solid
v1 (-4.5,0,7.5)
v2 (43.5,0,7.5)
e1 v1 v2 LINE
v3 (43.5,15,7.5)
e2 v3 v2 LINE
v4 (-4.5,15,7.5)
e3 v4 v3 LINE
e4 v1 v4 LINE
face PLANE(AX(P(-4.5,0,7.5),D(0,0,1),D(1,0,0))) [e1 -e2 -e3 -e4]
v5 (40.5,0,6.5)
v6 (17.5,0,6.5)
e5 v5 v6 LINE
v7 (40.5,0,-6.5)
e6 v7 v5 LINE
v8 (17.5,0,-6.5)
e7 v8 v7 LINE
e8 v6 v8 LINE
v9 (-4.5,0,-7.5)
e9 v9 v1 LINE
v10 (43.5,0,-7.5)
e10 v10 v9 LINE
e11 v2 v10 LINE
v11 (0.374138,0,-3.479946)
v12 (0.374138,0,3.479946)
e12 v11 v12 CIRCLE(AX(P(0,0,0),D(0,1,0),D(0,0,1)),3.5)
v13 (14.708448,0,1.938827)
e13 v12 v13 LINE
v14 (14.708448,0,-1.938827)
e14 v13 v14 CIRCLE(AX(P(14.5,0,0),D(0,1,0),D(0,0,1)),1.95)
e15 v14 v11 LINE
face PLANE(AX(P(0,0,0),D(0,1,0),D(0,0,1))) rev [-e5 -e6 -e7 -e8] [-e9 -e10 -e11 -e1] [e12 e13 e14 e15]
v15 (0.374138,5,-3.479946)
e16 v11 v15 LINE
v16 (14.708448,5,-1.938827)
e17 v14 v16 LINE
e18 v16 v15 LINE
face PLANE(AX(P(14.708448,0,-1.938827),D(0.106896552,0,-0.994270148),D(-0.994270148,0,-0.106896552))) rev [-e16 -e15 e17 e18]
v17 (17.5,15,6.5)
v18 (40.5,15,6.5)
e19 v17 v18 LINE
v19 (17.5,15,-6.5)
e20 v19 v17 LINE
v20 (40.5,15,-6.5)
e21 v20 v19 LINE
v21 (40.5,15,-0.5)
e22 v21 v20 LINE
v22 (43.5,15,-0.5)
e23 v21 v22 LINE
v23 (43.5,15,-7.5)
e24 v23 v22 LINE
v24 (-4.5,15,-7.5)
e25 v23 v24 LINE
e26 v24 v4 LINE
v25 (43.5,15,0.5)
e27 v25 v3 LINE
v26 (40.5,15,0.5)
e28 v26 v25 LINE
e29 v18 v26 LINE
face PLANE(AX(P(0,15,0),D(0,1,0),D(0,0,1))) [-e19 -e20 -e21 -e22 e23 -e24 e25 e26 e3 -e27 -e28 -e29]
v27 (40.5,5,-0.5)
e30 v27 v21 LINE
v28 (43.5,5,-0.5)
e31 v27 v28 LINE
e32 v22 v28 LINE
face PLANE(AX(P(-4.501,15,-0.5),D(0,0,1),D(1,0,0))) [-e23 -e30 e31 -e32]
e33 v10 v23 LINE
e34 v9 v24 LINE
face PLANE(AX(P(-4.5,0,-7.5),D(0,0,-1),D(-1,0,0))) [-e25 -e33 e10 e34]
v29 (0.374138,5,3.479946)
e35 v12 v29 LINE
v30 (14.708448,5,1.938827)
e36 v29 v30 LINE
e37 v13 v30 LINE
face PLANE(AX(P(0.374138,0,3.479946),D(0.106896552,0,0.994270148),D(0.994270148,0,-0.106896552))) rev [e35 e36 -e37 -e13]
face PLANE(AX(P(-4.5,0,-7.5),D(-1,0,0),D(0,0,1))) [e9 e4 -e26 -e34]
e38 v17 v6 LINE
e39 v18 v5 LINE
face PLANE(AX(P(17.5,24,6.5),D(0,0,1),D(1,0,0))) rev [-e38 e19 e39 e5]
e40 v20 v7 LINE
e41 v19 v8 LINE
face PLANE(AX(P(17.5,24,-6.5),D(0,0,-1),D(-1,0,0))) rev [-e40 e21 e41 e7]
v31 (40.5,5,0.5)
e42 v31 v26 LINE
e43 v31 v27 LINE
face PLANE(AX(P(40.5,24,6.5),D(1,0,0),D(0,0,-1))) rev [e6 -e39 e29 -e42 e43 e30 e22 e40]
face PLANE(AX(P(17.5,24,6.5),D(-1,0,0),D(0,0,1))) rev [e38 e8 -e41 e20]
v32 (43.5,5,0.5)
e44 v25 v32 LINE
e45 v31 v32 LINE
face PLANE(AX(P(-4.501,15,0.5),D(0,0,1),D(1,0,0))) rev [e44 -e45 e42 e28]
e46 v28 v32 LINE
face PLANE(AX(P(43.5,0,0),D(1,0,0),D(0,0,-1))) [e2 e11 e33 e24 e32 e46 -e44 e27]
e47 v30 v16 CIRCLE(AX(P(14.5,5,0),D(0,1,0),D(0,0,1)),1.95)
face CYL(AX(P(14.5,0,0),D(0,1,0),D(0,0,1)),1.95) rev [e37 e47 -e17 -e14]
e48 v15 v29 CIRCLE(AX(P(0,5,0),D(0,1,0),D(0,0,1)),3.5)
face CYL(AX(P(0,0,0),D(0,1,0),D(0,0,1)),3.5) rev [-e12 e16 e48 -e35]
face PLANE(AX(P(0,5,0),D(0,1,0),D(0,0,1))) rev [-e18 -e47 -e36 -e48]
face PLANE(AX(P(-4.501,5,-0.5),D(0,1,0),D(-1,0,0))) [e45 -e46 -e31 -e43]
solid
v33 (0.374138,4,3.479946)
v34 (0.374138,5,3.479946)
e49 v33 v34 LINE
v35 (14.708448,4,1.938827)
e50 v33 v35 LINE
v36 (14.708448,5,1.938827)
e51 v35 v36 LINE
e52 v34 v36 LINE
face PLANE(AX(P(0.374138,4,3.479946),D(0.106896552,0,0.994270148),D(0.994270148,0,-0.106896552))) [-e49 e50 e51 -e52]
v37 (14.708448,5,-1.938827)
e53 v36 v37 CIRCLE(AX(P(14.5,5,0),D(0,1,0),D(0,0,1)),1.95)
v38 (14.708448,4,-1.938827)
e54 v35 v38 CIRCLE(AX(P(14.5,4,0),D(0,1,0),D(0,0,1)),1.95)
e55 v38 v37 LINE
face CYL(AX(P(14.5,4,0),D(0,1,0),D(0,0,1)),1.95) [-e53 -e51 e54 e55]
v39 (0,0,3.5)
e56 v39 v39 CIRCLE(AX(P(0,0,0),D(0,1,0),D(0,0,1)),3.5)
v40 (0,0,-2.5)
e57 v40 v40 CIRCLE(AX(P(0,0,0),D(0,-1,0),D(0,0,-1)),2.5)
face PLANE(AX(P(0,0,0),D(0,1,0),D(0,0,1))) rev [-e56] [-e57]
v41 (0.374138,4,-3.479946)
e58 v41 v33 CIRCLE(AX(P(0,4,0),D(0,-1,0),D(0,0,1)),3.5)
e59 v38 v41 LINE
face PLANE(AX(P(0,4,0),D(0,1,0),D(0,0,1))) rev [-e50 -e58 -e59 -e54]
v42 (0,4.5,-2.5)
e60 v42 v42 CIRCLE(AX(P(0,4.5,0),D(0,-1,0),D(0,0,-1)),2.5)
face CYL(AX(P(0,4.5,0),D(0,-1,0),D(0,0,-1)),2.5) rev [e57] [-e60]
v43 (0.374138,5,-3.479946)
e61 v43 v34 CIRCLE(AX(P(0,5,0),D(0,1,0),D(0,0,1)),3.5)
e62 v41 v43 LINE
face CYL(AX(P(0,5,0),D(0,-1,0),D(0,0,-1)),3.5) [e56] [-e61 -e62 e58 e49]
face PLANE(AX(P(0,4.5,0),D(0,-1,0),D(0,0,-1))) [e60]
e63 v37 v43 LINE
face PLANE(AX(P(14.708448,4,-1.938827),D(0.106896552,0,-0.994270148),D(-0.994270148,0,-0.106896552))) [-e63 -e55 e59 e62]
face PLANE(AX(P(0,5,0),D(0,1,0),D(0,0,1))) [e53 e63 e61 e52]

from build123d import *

# Parameters (mm, degrees)
SKETCH1_R               = 3.5
BOSS_EXTRUDE1_DEPTH     = 5
SKETCH2_R               = 2.5
CUT_EXTRUDE1_DEPTH      = 4.5
BOSS_EXTRUDE2_START     = -1
BOSS_EXTRUDE2_DEPTH     = 1
SKETCH4_W               = 22
SKETCH4_H               = 15
BOSS_EXTRUDE3_DEPTH     = 5
SKETCH5_W               = 22
SKETCH5_H               = 15
BOSS_EXTRUDE4_DEPTH     = 10
SKETCH7_W               = 15
SKETCH7_H               = 15
BOSS_EXTRUDE5_DEPTH     = 26
SKETCH8_W               = 23
SKETCH8_H               = 13
CUT_EXTRUDE2_DEPTH      = 24
SKETCH9_W               = 1
SKETCH9_H               = 10
CUT_EXTRUDE_THIN1_DEPTH = 3


with BuildPart() as part:
    # Sketch1 → Boss-Extrude1 (new body)
    with BuildSketch(Plane(origin=(0, 0, 0), x_dir=(1, 0, 0), z_dir=(0, 1, 0))):
        with Locations(Location((0, 0, 0), (0, 0, 270))):
            Circle(SKETCH1_R)
    extrude(amount=BOSS_EXTRUDE1_DEPTH)

    # Sketch2 → Cut-Extrude1 (cut)
    with BuildSketch(Plane.XZ):
        with Locations(Location((0, 0, 0), (0, 0, 270))):
            Circle(SKETCH2_R)
    extrude(amount=-CUT_EXTRUDE1_DEPTH, mode=Mode.SUBTRACT)

    # Sketch3 → Boss-Extrude2 (add)
    with BuildSketch(Plane(origin=(0, 5, 0), x_dir=(1, 0, 0), z_dir=(0, 1, 0)).offset(BOSS_EXTRUDE2_START)):
        with BuildLine():
            Line((0.374137931, -3.479945518), (14.708448276, -1.938826789))
            ThreePointArc((14.708448276, -1.938826789), (16.45, 0), (14.708448276, 1.938826789))
            Line((14.708448276, 1.938826789), (0.374137931, 3.479945518))
            ThreePointArc((0.374137931, 3.479945518), (3.5, 0), (0.374137931, -3.479945518))
        make_face()
    extrude(amount=BOSS_EXTRUDE2_DEPTH)


with BuildPart() as body_2:
    # Sketch4 → Boss-Extrude3 (new body)
    with BuildSketch(Plane(origin=(0, 5, 0), x_dir=(1, 0, 0), z_dir=(0, 1, 0))):
        with Locations((6.5, 0)):
            Rectangle(SKETCH4_W, SKETCH4_H)
        with BuildLine():
            Line((0.374137931, -3.479945518), (14.708448276, -1.938826789))
            ThreePointArc((14.708448276, -1.938826789), (16.45, 0), (14.708448276, 1.938826789))
            Line((14.708448276, 1.938826789), (0.374137931, 3.479945518))
            ThreePointArc((0.374137931, 3.479945518), (-3.5, 0), (0.374137931, -3.479945518))
        make_face(mode=Mode.SUBTRACT)
    extrude(amount=-BOSS_EXTRUDE3_DEPTH)

    # Sketch5 → Boss-Extrude4 (add)
    with BuildSketch(Plane(origin=(0, 5, 0), x_dir=(1, 0, 0), z_dir=(0, 1, 0))):
        with Locations((6.5, 0)):
            Rectangle(SKETCH5_W, SKETCH5_H)
    extrude(amount=BOSS_EXTRUDE4_DEPTH)

    # Sketch7 → Boss-Extrude5 (add)
    with BuildSketch(Plane(origin=(17.5, 0, 0), x_dir=(0, 0, -1), z_dir=(1, 0, 0))):
        with Locations((0, 7.5)):
            Rectangle(SKETCH7_W, SKETCH7_H)
    extrude(amount=BOSS_EXTRUDE5_DEPTH)

    # Sketch8 → Cut-Extrude2 (cut)
    with BuildSketch(Plane.XZ):
        with Locations((29, 0)):
            Rectangle(SKETCH8_W, SKETCH8_H)
    extrude(amount=-CUT_EXTRUDE2_DEPTH, mode=Mode.SUBTRACT)

    # Sketch9 → Cut-Extrude-Thin1 (cut)
    with BuildSketch(Plane(origin=(43.5, 0, 0), x_dir=(0, 0, -1), z_dir=(1, 0, 0))):
        with Locations((0, 10)):
            Rectangle(SKETCH9_W, SKETCH9_H)
    extrude(amount=-CUT_EXTRUDE_THIN1_DEPTH, mode=Mode.SUBTRACT)


solid = Compound([part.part, body_2.part])
